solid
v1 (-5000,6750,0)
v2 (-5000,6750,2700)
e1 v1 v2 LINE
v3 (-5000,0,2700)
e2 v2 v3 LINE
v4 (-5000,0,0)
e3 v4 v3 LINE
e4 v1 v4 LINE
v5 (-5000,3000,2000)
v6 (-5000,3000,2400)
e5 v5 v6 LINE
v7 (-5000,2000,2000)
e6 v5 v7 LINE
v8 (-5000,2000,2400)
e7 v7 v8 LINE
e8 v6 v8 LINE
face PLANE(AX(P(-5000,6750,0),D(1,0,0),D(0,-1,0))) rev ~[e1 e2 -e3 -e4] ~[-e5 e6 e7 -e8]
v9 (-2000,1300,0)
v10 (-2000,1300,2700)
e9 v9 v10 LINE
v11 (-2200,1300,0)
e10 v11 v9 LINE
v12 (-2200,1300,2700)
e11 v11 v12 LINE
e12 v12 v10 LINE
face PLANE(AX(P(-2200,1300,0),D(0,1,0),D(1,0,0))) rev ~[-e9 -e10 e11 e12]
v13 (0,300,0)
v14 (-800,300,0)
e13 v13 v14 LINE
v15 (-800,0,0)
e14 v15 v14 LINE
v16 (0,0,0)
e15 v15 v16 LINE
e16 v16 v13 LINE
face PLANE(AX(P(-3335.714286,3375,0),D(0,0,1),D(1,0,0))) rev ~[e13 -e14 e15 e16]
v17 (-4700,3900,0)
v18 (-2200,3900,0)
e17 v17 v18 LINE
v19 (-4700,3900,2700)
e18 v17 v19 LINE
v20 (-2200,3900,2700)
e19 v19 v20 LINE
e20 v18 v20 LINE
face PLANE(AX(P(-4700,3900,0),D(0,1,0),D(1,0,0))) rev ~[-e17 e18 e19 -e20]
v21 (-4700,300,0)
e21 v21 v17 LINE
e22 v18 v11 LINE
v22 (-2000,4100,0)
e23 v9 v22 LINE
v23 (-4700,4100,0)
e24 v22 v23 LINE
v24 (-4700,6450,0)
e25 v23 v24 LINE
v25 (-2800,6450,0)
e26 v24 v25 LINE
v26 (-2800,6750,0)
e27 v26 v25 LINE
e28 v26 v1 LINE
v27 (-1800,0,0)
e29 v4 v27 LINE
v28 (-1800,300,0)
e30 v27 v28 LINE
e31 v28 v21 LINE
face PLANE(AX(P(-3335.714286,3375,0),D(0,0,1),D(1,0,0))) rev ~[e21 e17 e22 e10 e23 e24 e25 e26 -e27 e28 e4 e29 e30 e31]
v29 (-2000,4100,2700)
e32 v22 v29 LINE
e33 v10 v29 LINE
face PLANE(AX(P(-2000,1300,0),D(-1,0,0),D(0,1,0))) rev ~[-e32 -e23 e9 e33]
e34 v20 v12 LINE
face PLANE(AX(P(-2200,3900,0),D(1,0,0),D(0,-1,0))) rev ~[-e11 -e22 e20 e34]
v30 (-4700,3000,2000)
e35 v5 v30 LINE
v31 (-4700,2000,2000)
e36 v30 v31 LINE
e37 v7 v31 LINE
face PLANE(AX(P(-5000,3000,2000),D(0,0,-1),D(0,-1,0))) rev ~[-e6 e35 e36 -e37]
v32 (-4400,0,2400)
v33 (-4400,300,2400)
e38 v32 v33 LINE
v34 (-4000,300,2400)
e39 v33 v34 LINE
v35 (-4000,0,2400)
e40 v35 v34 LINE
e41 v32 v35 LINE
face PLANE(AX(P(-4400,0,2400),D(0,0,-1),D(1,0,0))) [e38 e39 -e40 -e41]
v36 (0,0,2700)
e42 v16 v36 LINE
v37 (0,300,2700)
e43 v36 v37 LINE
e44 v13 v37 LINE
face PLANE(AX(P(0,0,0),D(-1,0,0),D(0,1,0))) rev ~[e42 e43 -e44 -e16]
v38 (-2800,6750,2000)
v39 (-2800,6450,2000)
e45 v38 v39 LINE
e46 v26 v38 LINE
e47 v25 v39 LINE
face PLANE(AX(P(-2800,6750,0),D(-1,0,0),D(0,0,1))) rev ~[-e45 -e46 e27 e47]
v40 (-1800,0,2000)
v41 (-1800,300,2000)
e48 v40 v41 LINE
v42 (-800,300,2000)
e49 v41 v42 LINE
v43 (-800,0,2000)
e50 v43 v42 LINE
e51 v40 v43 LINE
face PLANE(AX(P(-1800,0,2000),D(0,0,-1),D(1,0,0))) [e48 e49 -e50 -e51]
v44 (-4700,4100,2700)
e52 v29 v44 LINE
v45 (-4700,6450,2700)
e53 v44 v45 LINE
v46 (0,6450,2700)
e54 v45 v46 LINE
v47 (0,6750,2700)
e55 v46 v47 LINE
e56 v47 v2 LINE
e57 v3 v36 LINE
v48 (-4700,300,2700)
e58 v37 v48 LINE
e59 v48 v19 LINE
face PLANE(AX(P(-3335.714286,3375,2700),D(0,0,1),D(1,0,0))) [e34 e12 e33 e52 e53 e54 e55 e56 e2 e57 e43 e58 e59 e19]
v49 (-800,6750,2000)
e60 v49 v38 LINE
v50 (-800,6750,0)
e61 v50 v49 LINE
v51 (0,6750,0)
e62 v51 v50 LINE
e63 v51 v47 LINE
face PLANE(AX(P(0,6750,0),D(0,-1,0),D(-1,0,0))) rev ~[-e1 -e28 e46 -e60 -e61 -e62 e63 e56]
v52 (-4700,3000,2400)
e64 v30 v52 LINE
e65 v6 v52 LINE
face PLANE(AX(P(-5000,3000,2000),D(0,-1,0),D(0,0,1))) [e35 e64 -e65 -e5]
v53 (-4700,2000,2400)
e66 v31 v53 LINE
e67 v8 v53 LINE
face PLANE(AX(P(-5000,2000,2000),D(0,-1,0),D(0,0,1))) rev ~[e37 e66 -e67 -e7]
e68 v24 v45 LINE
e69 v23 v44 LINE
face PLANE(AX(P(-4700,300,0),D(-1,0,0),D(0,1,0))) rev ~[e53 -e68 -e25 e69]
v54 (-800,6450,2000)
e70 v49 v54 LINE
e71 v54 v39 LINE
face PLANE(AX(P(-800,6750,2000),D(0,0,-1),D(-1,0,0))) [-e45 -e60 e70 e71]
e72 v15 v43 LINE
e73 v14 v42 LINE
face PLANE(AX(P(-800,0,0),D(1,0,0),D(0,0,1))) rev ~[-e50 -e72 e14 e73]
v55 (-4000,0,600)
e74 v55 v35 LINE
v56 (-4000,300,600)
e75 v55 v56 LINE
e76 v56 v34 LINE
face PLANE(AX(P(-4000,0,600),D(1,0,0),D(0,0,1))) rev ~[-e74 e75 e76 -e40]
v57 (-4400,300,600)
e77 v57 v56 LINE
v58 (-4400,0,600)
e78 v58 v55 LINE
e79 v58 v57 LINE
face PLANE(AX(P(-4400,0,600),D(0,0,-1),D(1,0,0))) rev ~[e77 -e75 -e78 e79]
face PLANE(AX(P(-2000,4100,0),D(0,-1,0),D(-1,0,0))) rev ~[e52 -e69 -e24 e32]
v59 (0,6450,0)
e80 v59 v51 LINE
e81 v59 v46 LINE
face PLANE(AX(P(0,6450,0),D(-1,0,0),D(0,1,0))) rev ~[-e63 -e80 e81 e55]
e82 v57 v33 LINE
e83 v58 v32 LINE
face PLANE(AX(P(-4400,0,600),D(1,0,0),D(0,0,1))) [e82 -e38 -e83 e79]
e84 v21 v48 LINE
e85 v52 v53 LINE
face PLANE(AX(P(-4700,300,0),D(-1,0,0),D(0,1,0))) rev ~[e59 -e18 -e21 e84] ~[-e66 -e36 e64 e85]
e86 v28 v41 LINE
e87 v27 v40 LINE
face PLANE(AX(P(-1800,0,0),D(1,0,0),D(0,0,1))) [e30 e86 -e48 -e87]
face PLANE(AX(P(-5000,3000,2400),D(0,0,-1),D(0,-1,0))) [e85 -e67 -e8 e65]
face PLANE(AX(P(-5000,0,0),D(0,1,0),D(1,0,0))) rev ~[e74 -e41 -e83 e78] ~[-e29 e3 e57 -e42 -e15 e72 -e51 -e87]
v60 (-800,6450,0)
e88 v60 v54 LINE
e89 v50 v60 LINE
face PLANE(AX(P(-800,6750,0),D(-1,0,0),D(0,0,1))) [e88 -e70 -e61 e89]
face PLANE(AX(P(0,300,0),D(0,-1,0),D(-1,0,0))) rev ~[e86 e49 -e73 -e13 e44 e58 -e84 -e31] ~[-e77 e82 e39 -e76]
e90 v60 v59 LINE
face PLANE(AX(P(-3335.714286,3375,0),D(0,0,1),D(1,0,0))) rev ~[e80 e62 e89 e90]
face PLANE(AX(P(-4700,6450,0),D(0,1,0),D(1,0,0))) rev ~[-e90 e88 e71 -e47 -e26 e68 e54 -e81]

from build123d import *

# Parameters (mm, degrees)
F1_DEPTH = 2700
F2_W     = 1000
F2_H     = 2000
F3_DEPTH = 400
F2_W_2   = 400
F2_H_2   = 1800
F4_DEPTH = 400
F5_W     = 2000
F5_H     = 2000
F6_DEPTH = 400
F7_DEPTH = 2700
F8_W     = 1000
F8_H     = 400
F9_DEPTH = 400


with BuildPart() as f1:
    # F0 (on Top) → F1 (new body)
    with BuildSketch(Plane.XY):
        Polygon((-5000, 0), (0, 0), (0, 300), (-4700, 300), (-4700, 1300), (-4700, 3900), (-4700, 4100), (-4700, 6450), (0, 6450), (0, 6750), (-5000, 6750), align=None)
    extrude(amount=F1_DEPTH)

    # F2 (on face) → F3 (cut)
    with BuildSketch(Plane.XZ):
        with Locations((-1300, 1000)):
            Rectangle(F2_W, F2_H)
    extrude(amount=-F3_DEPTH, mode=Mode.SUBTRACT)

    # F2 (on face) → F4 (cut)
    with BuildSketch(Plane.XZ):
        with Locations((-4200, 1500)):
            Rectangle(F2_W_2, F2_H_2)
    extrude(amount=-F4_DEPTH, mode=Mode.SUBTRACT)

    # F5 (on face) → F6 (cut)
    with BuildSketch(Plane(origin=(0, 6750, 0), x_dir=(-1, 0, 0), z_dir=(0, 1, 0))):
        with Locations((1800, 1000)):
            Rectangle(F5_W, F5_H)
    extrude(amount=-F6_DEPTH, mode=Mode.SUBTRACT)

    # F0 (on Top) → F7 (join)
    with BuildSketch(Plane.XY):
        Polygon((-2000, 4100), (-4700, 4100), (-4700, 3900), (-2200, 3900), (-2200, 1300), (-2000, 1300), align=None)
    extrude(amount=F7_DEPTH)

    # F8 (on face) → F9 (cut)
    with BuildSketch(Plane(origin=(-5000, 0, 0), x_dir=(0, -1, 0), z_dir=(-1, 0, 0))):
        with Locations((-2500, 2200)):
            Rectangle(F8_W, F8_H)
    extrude(amount=-F9_DEPTH, mode=Mode.SUBTRACT)


solid = f1.part
